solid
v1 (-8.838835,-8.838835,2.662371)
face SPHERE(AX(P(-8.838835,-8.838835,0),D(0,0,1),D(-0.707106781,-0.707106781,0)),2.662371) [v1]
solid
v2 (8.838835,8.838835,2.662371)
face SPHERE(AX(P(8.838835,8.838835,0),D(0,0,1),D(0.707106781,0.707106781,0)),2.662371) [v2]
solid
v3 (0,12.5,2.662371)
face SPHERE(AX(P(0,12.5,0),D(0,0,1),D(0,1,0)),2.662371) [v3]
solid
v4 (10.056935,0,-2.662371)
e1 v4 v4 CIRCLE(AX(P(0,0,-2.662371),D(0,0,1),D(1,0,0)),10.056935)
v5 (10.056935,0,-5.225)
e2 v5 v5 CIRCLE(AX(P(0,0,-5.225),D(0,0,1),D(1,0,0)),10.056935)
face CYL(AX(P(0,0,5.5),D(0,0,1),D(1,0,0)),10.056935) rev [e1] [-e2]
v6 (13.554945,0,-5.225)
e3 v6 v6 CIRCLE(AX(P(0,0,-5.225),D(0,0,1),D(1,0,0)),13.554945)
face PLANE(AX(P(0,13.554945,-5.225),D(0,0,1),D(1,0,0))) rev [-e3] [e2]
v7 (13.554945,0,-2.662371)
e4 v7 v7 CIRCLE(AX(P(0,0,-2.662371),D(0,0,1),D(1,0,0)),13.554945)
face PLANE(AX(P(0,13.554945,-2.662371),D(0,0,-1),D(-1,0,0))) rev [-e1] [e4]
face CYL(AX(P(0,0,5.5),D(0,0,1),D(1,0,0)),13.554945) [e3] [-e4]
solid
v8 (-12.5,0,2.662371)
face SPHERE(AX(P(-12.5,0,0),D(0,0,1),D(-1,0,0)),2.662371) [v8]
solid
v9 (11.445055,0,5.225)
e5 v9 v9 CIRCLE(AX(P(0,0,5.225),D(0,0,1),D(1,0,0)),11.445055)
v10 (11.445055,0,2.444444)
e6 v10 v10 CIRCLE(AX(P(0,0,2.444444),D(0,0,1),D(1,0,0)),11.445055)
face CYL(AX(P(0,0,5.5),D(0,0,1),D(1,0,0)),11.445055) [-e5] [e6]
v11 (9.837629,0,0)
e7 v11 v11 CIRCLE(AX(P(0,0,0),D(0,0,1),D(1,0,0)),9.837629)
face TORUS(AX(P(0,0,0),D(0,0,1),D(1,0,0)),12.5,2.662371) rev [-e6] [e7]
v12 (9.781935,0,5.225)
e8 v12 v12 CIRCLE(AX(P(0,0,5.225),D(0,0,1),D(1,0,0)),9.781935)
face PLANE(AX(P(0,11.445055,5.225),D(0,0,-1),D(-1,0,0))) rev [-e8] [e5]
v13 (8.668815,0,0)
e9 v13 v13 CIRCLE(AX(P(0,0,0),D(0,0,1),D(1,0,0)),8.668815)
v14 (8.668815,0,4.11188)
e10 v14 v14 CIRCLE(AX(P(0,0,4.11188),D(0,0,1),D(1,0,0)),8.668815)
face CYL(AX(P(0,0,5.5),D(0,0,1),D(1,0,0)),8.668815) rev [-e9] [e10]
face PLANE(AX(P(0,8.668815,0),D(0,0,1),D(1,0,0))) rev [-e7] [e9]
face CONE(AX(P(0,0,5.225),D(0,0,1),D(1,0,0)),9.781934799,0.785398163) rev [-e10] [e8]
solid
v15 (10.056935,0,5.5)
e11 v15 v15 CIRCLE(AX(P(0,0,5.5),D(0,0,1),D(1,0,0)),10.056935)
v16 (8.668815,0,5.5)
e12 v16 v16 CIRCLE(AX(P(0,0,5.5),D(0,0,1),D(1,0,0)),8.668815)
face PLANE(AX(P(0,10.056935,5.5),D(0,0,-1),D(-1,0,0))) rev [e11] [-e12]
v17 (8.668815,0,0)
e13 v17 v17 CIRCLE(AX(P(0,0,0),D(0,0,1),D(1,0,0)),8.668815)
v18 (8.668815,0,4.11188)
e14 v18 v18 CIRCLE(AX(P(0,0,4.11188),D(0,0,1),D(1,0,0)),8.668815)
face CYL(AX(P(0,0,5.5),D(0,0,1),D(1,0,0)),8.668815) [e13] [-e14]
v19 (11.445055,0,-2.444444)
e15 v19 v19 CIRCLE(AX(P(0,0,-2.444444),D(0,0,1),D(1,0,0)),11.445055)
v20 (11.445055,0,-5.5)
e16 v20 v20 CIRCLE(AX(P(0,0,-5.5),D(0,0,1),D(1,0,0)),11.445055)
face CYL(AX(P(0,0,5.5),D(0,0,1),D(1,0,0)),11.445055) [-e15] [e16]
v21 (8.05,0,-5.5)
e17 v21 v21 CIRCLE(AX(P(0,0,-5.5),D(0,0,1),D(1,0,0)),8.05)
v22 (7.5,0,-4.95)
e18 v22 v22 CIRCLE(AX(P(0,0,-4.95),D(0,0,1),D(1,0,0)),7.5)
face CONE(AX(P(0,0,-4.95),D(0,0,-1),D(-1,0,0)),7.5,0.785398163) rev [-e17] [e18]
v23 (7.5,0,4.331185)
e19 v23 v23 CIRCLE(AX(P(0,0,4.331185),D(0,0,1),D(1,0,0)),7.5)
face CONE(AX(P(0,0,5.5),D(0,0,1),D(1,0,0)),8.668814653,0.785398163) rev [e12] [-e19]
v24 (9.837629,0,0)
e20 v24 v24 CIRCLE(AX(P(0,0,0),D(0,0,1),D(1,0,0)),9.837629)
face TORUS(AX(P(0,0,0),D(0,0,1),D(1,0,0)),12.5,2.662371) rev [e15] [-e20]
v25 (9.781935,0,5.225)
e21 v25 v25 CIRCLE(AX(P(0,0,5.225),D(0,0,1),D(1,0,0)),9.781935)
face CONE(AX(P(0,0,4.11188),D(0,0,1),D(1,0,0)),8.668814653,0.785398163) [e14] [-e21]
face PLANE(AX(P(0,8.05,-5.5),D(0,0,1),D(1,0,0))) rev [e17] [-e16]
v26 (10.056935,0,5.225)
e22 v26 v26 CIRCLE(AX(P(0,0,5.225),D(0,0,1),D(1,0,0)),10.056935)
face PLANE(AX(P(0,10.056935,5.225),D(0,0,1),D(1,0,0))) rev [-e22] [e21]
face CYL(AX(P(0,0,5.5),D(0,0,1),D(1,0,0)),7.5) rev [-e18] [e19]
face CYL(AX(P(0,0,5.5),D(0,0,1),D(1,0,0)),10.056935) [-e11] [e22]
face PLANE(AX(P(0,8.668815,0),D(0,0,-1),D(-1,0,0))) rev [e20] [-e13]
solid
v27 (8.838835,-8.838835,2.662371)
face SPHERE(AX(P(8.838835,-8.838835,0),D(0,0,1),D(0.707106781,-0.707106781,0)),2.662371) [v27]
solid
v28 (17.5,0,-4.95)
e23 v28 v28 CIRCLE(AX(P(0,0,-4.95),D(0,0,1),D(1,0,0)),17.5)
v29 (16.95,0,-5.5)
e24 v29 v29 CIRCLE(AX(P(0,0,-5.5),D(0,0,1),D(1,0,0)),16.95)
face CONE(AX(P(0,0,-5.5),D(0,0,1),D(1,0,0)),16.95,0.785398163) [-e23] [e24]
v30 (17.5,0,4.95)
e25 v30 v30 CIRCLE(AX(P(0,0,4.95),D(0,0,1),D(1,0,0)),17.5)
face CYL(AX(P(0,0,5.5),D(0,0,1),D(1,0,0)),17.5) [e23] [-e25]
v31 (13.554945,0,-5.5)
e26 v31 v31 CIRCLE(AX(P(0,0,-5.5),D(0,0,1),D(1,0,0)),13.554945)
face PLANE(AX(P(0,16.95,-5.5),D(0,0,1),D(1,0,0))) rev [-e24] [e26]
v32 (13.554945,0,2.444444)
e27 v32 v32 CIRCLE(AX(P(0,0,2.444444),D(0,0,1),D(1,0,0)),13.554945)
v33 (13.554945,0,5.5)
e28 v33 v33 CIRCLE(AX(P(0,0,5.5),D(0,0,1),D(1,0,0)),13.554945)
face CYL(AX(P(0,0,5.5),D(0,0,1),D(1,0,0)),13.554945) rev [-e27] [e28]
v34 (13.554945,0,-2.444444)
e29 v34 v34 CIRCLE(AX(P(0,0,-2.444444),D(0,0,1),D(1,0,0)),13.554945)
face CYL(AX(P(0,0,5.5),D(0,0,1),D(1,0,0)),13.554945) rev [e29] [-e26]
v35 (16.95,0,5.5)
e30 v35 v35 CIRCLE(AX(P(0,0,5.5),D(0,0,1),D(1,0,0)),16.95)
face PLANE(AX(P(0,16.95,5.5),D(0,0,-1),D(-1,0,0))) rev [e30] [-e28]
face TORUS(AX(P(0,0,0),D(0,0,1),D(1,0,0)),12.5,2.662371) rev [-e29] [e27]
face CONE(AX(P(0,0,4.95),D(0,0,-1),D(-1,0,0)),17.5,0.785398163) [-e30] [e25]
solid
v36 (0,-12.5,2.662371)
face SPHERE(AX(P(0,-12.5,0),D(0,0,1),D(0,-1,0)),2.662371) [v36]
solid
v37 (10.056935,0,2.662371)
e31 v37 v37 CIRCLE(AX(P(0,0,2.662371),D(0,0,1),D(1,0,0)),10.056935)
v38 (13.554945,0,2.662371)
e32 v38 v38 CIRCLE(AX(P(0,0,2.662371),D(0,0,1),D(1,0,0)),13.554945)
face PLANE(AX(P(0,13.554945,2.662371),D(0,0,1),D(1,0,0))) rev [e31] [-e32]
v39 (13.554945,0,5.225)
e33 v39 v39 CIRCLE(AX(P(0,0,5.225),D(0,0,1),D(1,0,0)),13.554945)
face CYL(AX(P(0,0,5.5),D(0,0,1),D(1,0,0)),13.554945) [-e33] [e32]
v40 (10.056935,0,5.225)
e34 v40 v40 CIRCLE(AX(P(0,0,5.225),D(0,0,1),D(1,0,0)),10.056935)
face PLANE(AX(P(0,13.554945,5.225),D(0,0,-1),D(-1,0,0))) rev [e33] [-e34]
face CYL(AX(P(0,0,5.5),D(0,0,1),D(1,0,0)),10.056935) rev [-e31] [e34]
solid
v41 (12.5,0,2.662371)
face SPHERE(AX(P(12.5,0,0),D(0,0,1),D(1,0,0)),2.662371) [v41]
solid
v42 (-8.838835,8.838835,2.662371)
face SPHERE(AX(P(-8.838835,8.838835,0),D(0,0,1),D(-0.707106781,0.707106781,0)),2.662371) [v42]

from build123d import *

# Parameters (mm, degrees)
CIRPATTERN1_COUNT = 8
SKETCH5_W         = 2.562629306
SKETCH5_H         = 3.498010256


with BuildPart() as part:
    # Sketch1 → Revolve1 (revolve)
    with BuildSketch(Plane(origin=(0, 0, 0), x_dir=(0, 0, -1), z_dir=(1, 0, 0))):
        with BuildLine():
            Line((4.95, 17.5), (-4.95, 17.5))
            Line((-4.95, 17.5), (-5.5, 16.95))
            Line((-5.5, 16.95), (-5.5, 13.554945055))
            Line((-5.5, 13.554945055), (-2.444444444, 13.554945055))
            ThreePointArc((-2.444444444, 13.554945055), (0, 15.162370694), (2.444444444, 13.554945055))
            Line((2.444444444, 13.554945055), (5.5, 13.554945055))
            Line((5.5, 13.554945055), (5.5, 16.95))
            Line((5.5, 16.95), (4.95, 17.5))
        make_face()
    revolve(axis=Axis((0, 0, 5.5), (0, 0, -1)))


with BuildPart() as body_2:
    # Sketch2 → Revolve2 (revolve)
    with BuildSketch(Plane(origin=(0, 0, 0), x_dir=(0, 0, -1), z_dir=(1, 0, 0))):
        with BuildLine():
            Line((-5.225, 11.445054945), (-2.444444444, 11.445054945))
            ThreePointArc((-2.444444444, 11.445054945), (-1.462799185, 10.275491907), (0, 9.837629306))
            Line((0, 9.837629306), (0, 8.668814653))
            Line((0, 8.668814653), (-4.111879854, 8.668814653))
            Line((-4.111879854, 8.668814653), (-5.225, 9.781934799))
            Line((-5.225, 9.781934799), (-5.225, 11.445054945))
        make_face()
    revolve(axis=Axis((0, 0, 5.5), (0, 0, -1)))


with BuildPart() as body_3:
    # Sketch3 → Revolve3 (revolve)
    with BuildSketch(Plane(origin=(0, 0, 0), x_dir=(0, 0, -1), z_dir=(1, 0, 0))):
        with BuildLine():
            Line((-5.225, 9.781934799), (-4.111879854, 8.668814653))
            Line((-4.111879854, 8.668814653), (0, 8.668814653))
            Line((0, 8.668814653), (0, 9.837629306))
            ThreePointArc((0, 9.837629306), (1.462799185, 10.275491907), (2.444444444, 11.445054945))
            Line((2.444444444, 11.445054945), (5.5, 11.445054945))
            Line((5.5, 11.445054945), (5.5, 8.05))
            Line((5.5, 8.05), (4.95, 7.5))
            Line((4.95, 7.5), (-4.331185347, 7.5))
            Line((-4.331185347, 7.5), (-5.5, 8.668814653))
            Line((-5.5, 8.668814653), (-5.5, 10.056934799))
            Line((-5.5, 10.056934799), (-5.225, 10.056934799))
            Line((-5.225, 10.056934799), (-5.225, 9.781934799))
        make_face()
    revolve(axis=Axis((0, 0, 5.5), (0, 0, -1)))


with BuildPart() as body_4:
    # Sketch4 → Revolve4 (revolve)
    with BuildSketch(Plane(origin=(0, 0, 0), x_dir=(0, 0, -1), z_dir=(1, 0, 0))):
        with BuildLine():
            Line((-2.662370694, 12.5), (2.662370694, 12.5))
            ThreePointArc((2.662370694, 12.5), (0, 15.162370694), (-2.662370694, 12.5))
        make_face()
    revolve(axis=Axis((0, 12.5, 2.662370694), (0, 0, -1)))


with BuildPart() as cirpattern1_1:
    # CirPattern1: pattern copy
    add(body_4.part.rotate(Axis((0, 0, -5.5), (0, 0, 1)), 1 * 360 / CIRPATTERN1_COUNT))


with BuildPart() as cirpattern1_2:
    # CirPattern1: pattern copy
    add(body_4.part.rotate(Axis((0, 0, -5.5), (0, 0, 1)), 2 * 360 / CIRPATTERN1_COUNT))


with BuildPart() as cirpattern1_3:
    # CirPattern1: pattern copy
    add(body_4.part.rotate(Axis((0, 0, -5.5), (0, 0, 1)), 3 * 360 / CIRPATTERN1_COUNT))


with BuildPart() as cirpattern1_4:
    # CirPattern1: pattern copy
    add(body_4.part.rotate(Axis((0, 0, -5.5), (0, 0, 1)), 4 * 360 / CIRPATTERN1_COUNT))


with BuildPart() as cirpattern1_5:
    # CirPattern1: pattern copy
    add(body_4.part.rotate(Axis((0, 0, -5.5), (0, 0, 1)), 5 * 360 / CIRPATTERN1_COUNT))


with BuildPart() as cirpattern1_6:
    # CirPattern1: pattern copy
    add(body_4.part.rotate(Axis((0, 0, -5.5), (0, 0, 1)), 6 * 360 / CIRPATTERN1_COUNT))


with BuildPart() as cirpattern1_7:
    # CirPattern1: pattern copy
    add(body_4.part.rotate(Axis((0, 0, -5.5), (0, 0, 1)), 7 * 360 / CIRPATTERN1_COUNT))


with BuildPart() as body_12:
    # Sketch5 → Revolve5 (revolve)
    with BuildSketch(Plane(origin=(0, 0, 0), x_dir=(0, 0, -1), z_dir=(1, 0, 0))):
        with Locations((-3.943685347, 11.805939927)):
            Rectangle(SKETCH5_W, SKETCH5_H)
        with Locations((3.943685347, 11.805939927)):
            Rectangle(SKETCH5_W, SKETCH5_H)
    revolve(axis=Axis((0, 0, 5.5), (0, 0, -1)))


solid = Compound([part.part, body_2.part, body_3.part, body_4.part, cirpattern1_1.part, cirpattern1_2.part, cirpattern1_3.part, cirpattern1_4.part, cirpattern1_5.part, cirpattern1_6.part, cirpattern1_7.part, body_12.part])
